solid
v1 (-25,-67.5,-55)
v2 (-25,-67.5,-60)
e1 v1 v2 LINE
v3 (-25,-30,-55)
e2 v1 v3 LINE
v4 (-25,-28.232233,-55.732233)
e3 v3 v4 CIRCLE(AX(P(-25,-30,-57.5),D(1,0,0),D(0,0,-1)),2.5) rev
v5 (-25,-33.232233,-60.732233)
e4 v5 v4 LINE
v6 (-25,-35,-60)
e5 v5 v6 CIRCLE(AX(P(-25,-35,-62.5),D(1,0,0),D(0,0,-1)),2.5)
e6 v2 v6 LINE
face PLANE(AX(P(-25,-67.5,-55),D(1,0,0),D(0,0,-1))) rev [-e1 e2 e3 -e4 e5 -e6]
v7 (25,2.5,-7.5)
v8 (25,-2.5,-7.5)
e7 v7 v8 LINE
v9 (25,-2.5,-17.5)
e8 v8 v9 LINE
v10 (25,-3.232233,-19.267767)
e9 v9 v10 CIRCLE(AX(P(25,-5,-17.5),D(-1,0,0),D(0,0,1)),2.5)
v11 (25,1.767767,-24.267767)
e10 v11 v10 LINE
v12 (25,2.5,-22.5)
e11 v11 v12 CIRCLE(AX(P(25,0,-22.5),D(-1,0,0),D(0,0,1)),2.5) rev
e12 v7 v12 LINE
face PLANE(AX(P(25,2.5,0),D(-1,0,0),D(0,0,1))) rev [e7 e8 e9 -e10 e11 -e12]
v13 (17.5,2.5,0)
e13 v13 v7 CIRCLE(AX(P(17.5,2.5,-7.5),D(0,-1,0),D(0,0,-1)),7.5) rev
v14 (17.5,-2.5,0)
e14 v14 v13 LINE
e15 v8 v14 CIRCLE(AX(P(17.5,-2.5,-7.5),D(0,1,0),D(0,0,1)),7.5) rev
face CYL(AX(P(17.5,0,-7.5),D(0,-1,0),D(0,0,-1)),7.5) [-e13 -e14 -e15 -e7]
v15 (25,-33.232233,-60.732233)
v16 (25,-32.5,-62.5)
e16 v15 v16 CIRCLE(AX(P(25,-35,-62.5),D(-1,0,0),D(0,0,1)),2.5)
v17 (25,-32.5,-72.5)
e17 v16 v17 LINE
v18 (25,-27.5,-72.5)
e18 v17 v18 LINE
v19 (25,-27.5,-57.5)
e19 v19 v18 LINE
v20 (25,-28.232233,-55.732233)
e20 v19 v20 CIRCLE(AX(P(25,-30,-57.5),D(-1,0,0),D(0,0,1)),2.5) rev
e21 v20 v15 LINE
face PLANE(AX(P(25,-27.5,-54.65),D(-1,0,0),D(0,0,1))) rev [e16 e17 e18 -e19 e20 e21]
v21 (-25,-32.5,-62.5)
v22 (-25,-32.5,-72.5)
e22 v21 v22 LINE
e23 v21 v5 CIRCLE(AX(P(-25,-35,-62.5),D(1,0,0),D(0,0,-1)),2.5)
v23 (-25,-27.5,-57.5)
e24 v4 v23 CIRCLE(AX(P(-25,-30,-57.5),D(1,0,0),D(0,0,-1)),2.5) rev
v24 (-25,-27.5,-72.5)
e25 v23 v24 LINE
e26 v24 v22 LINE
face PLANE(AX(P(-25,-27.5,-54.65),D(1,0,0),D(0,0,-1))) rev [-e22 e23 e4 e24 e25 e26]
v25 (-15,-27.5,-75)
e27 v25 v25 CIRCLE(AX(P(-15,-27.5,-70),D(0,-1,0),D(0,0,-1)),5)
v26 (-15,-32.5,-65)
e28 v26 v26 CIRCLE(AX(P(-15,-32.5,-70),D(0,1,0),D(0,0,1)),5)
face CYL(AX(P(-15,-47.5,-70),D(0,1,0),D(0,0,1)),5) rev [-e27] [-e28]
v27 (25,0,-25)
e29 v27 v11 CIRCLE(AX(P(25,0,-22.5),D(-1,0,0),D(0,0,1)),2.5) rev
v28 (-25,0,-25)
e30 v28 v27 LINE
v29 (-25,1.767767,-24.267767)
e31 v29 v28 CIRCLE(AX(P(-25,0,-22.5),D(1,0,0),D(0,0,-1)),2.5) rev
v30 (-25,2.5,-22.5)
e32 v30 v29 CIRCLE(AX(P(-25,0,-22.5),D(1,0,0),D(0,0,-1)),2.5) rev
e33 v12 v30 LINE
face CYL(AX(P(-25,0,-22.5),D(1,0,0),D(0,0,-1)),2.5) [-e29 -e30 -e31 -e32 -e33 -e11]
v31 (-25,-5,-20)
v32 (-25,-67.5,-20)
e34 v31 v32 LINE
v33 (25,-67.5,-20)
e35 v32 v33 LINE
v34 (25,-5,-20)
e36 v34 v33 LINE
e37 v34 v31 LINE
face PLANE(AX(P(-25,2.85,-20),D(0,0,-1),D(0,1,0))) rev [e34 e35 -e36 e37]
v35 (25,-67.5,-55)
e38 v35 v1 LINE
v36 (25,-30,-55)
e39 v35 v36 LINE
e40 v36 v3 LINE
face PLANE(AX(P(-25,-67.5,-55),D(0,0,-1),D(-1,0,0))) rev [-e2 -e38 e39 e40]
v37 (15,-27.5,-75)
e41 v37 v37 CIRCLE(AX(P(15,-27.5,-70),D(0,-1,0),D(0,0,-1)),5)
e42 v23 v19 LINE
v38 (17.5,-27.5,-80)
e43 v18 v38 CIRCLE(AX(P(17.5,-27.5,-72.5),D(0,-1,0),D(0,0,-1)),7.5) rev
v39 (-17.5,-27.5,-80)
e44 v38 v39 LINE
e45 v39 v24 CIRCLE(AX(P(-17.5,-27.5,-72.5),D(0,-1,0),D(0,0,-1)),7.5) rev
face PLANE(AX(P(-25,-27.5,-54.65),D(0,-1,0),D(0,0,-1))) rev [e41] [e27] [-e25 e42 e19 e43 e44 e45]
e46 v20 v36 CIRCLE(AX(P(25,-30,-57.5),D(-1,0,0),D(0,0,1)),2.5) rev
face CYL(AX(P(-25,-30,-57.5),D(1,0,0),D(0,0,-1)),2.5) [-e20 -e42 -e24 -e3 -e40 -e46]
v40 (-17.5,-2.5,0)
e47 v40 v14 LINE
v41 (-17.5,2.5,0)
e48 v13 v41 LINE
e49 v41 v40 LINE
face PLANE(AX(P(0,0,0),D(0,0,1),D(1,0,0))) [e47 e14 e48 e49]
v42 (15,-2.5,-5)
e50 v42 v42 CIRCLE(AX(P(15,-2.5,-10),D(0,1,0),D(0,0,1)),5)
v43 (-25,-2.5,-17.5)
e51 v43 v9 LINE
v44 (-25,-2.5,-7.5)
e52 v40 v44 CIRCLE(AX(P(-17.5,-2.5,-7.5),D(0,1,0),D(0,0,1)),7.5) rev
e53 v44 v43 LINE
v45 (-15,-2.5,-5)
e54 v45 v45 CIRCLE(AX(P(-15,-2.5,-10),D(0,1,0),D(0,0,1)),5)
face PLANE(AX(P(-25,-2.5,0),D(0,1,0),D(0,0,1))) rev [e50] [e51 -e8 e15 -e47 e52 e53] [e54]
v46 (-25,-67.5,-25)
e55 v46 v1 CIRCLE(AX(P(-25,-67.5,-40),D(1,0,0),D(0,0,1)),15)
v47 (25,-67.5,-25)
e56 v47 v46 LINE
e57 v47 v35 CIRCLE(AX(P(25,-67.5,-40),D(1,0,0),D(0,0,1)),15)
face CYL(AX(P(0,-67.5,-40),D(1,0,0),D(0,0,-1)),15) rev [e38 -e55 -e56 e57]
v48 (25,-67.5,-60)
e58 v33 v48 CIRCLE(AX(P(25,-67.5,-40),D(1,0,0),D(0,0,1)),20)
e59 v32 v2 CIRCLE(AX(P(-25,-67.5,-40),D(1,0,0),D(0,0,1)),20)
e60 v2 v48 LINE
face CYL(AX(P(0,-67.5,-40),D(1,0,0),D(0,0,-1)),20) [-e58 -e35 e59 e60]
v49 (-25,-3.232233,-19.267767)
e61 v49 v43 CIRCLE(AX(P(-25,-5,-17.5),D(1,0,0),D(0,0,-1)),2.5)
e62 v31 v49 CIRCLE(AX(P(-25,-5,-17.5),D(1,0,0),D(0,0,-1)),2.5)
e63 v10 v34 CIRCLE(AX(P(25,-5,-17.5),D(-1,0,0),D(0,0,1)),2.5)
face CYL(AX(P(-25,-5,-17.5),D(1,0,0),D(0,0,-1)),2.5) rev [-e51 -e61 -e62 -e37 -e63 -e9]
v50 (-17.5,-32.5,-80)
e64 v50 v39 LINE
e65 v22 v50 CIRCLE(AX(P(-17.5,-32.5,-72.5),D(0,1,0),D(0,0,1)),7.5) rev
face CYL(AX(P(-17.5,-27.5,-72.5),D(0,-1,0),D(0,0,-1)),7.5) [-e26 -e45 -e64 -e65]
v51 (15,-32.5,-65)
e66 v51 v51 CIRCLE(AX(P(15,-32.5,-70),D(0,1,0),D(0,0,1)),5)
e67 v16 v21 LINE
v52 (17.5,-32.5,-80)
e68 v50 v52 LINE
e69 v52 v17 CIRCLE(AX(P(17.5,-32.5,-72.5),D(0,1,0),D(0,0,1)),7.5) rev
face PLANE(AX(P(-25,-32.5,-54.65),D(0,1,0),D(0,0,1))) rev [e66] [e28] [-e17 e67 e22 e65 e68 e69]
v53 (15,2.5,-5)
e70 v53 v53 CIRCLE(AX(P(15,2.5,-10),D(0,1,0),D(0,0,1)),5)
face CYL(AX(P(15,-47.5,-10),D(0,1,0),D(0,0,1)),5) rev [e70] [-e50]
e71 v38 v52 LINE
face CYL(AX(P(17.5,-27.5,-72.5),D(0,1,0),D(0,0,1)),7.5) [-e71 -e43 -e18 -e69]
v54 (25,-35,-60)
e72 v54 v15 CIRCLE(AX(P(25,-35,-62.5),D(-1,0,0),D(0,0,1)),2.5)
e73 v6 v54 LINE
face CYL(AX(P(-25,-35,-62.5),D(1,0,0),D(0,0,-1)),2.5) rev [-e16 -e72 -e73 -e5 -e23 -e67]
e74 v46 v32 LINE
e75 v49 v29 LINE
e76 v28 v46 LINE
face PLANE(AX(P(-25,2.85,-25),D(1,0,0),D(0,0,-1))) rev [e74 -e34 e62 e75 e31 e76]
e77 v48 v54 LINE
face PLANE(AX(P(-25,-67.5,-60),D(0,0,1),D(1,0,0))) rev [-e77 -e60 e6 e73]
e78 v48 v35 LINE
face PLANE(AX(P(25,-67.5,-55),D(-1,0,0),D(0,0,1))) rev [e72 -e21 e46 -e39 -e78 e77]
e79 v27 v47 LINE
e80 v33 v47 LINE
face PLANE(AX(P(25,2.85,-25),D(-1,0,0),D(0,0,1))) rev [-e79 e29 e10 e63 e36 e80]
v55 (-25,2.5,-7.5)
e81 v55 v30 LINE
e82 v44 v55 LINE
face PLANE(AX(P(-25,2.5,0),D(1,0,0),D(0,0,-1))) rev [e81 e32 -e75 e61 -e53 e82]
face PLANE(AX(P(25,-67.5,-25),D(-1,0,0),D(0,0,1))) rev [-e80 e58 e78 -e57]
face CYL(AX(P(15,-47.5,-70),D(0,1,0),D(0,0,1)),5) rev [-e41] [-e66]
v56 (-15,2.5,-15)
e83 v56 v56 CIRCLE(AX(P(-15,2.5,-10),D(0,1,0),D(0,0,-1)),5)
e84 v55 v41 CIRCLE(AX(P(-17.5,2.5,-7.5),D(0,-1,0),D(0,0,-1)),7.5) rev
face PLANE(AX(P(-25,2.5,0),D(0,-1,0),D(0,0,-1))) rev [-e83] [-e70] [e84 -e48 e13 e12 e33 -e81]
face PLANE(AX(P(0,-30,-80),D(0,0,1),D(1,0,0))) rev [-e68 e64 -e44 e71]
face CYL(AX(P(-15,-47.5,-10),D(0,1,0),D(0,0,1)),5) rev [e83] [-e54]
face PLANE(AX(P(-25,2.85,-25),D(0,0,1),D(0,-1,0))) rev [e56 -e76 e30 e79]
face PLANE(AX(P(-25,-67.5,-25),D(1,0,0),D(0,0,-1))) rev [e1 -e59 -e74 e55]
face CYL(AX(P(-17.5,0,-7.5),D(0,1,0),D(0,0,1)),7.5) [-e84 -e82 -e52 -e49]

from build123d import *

# Parameters (mm, degrees)
SKETCH2_W          = 50
SKETCH2_H          = 5
FILLET2_R          = 2.5
SKETCH3_R          = 5
CUT_EXTRUDE1_DEPTH = 50
FILLET3_R          = 7.5


with BuildPart() as part:
    # Sweep1: sweep along a path in Sketch1
    with BuildLine(Plane(origin=(0, 0, 0), x_dir=(0, 0, -1), z_dir=(1, 0, 0))) as sweep1_path:
        Line((0, 0), (22.5, 0))
        Line((22.5, 0), (22.5, -67.5))
        ThreePointArc((22.5, -67.5), (40, -85), (57.5, -67.5))
        Line((57.5, -67.5), (57.5, -30))
        Line((57.5, -30), (80, -30))
    # Sketch2 → Sweep1 (sweep)
    with BuildSketch(Plane.XY):
        Rectangle(SKETCH2_W, SKETCH2_H)
    sweep(path=sweep1_path.line, transition=Transition.RIGHT)

    # Fillet2
    fillet2_edges = [part.edges().sort_by_distance(p)[0] for p in [
        (0, 2.5, -25),
        (0, -2.5, -20),
        (0, -27.5, -55),
        (0, -32.5, -60),
    ]]
    fillet(fillet2_edges, radius=FILLET2_R)

    # Sketch3 → Cut-Extrude1 (cut)
    with BuildSketch(Plane(origin=(0, 2.5, 0), x_dir=(1, 0, 0), z_dir=(0, 1, 0))):
        with Locations((-15, 70)):
            Circle(SKETCH3_R)
        with Locations((15, 70)):
            Circle(SKETCH3_R)
        with Locations((15, 10)):
            Circle(SKETCH3_R)
        with Locations((-15, 10)):
            Circle(SKETCH3_R)
    extrude(amount=-CUT_EXTRUDE1_DEPTH, mode=Mode.SUBTRACT)

    # Fillet3
    fillet3_edges = [part.edges().sort_by_distance(p)[0] for p in [
        (25, 0, 0),
        (-25, -30, -80),
        (25, -30, -80),
        (-25, 0, 0),
    ]]
    fillet(fillet3_edges, radius=FILLET3_R)


solid = part.part
